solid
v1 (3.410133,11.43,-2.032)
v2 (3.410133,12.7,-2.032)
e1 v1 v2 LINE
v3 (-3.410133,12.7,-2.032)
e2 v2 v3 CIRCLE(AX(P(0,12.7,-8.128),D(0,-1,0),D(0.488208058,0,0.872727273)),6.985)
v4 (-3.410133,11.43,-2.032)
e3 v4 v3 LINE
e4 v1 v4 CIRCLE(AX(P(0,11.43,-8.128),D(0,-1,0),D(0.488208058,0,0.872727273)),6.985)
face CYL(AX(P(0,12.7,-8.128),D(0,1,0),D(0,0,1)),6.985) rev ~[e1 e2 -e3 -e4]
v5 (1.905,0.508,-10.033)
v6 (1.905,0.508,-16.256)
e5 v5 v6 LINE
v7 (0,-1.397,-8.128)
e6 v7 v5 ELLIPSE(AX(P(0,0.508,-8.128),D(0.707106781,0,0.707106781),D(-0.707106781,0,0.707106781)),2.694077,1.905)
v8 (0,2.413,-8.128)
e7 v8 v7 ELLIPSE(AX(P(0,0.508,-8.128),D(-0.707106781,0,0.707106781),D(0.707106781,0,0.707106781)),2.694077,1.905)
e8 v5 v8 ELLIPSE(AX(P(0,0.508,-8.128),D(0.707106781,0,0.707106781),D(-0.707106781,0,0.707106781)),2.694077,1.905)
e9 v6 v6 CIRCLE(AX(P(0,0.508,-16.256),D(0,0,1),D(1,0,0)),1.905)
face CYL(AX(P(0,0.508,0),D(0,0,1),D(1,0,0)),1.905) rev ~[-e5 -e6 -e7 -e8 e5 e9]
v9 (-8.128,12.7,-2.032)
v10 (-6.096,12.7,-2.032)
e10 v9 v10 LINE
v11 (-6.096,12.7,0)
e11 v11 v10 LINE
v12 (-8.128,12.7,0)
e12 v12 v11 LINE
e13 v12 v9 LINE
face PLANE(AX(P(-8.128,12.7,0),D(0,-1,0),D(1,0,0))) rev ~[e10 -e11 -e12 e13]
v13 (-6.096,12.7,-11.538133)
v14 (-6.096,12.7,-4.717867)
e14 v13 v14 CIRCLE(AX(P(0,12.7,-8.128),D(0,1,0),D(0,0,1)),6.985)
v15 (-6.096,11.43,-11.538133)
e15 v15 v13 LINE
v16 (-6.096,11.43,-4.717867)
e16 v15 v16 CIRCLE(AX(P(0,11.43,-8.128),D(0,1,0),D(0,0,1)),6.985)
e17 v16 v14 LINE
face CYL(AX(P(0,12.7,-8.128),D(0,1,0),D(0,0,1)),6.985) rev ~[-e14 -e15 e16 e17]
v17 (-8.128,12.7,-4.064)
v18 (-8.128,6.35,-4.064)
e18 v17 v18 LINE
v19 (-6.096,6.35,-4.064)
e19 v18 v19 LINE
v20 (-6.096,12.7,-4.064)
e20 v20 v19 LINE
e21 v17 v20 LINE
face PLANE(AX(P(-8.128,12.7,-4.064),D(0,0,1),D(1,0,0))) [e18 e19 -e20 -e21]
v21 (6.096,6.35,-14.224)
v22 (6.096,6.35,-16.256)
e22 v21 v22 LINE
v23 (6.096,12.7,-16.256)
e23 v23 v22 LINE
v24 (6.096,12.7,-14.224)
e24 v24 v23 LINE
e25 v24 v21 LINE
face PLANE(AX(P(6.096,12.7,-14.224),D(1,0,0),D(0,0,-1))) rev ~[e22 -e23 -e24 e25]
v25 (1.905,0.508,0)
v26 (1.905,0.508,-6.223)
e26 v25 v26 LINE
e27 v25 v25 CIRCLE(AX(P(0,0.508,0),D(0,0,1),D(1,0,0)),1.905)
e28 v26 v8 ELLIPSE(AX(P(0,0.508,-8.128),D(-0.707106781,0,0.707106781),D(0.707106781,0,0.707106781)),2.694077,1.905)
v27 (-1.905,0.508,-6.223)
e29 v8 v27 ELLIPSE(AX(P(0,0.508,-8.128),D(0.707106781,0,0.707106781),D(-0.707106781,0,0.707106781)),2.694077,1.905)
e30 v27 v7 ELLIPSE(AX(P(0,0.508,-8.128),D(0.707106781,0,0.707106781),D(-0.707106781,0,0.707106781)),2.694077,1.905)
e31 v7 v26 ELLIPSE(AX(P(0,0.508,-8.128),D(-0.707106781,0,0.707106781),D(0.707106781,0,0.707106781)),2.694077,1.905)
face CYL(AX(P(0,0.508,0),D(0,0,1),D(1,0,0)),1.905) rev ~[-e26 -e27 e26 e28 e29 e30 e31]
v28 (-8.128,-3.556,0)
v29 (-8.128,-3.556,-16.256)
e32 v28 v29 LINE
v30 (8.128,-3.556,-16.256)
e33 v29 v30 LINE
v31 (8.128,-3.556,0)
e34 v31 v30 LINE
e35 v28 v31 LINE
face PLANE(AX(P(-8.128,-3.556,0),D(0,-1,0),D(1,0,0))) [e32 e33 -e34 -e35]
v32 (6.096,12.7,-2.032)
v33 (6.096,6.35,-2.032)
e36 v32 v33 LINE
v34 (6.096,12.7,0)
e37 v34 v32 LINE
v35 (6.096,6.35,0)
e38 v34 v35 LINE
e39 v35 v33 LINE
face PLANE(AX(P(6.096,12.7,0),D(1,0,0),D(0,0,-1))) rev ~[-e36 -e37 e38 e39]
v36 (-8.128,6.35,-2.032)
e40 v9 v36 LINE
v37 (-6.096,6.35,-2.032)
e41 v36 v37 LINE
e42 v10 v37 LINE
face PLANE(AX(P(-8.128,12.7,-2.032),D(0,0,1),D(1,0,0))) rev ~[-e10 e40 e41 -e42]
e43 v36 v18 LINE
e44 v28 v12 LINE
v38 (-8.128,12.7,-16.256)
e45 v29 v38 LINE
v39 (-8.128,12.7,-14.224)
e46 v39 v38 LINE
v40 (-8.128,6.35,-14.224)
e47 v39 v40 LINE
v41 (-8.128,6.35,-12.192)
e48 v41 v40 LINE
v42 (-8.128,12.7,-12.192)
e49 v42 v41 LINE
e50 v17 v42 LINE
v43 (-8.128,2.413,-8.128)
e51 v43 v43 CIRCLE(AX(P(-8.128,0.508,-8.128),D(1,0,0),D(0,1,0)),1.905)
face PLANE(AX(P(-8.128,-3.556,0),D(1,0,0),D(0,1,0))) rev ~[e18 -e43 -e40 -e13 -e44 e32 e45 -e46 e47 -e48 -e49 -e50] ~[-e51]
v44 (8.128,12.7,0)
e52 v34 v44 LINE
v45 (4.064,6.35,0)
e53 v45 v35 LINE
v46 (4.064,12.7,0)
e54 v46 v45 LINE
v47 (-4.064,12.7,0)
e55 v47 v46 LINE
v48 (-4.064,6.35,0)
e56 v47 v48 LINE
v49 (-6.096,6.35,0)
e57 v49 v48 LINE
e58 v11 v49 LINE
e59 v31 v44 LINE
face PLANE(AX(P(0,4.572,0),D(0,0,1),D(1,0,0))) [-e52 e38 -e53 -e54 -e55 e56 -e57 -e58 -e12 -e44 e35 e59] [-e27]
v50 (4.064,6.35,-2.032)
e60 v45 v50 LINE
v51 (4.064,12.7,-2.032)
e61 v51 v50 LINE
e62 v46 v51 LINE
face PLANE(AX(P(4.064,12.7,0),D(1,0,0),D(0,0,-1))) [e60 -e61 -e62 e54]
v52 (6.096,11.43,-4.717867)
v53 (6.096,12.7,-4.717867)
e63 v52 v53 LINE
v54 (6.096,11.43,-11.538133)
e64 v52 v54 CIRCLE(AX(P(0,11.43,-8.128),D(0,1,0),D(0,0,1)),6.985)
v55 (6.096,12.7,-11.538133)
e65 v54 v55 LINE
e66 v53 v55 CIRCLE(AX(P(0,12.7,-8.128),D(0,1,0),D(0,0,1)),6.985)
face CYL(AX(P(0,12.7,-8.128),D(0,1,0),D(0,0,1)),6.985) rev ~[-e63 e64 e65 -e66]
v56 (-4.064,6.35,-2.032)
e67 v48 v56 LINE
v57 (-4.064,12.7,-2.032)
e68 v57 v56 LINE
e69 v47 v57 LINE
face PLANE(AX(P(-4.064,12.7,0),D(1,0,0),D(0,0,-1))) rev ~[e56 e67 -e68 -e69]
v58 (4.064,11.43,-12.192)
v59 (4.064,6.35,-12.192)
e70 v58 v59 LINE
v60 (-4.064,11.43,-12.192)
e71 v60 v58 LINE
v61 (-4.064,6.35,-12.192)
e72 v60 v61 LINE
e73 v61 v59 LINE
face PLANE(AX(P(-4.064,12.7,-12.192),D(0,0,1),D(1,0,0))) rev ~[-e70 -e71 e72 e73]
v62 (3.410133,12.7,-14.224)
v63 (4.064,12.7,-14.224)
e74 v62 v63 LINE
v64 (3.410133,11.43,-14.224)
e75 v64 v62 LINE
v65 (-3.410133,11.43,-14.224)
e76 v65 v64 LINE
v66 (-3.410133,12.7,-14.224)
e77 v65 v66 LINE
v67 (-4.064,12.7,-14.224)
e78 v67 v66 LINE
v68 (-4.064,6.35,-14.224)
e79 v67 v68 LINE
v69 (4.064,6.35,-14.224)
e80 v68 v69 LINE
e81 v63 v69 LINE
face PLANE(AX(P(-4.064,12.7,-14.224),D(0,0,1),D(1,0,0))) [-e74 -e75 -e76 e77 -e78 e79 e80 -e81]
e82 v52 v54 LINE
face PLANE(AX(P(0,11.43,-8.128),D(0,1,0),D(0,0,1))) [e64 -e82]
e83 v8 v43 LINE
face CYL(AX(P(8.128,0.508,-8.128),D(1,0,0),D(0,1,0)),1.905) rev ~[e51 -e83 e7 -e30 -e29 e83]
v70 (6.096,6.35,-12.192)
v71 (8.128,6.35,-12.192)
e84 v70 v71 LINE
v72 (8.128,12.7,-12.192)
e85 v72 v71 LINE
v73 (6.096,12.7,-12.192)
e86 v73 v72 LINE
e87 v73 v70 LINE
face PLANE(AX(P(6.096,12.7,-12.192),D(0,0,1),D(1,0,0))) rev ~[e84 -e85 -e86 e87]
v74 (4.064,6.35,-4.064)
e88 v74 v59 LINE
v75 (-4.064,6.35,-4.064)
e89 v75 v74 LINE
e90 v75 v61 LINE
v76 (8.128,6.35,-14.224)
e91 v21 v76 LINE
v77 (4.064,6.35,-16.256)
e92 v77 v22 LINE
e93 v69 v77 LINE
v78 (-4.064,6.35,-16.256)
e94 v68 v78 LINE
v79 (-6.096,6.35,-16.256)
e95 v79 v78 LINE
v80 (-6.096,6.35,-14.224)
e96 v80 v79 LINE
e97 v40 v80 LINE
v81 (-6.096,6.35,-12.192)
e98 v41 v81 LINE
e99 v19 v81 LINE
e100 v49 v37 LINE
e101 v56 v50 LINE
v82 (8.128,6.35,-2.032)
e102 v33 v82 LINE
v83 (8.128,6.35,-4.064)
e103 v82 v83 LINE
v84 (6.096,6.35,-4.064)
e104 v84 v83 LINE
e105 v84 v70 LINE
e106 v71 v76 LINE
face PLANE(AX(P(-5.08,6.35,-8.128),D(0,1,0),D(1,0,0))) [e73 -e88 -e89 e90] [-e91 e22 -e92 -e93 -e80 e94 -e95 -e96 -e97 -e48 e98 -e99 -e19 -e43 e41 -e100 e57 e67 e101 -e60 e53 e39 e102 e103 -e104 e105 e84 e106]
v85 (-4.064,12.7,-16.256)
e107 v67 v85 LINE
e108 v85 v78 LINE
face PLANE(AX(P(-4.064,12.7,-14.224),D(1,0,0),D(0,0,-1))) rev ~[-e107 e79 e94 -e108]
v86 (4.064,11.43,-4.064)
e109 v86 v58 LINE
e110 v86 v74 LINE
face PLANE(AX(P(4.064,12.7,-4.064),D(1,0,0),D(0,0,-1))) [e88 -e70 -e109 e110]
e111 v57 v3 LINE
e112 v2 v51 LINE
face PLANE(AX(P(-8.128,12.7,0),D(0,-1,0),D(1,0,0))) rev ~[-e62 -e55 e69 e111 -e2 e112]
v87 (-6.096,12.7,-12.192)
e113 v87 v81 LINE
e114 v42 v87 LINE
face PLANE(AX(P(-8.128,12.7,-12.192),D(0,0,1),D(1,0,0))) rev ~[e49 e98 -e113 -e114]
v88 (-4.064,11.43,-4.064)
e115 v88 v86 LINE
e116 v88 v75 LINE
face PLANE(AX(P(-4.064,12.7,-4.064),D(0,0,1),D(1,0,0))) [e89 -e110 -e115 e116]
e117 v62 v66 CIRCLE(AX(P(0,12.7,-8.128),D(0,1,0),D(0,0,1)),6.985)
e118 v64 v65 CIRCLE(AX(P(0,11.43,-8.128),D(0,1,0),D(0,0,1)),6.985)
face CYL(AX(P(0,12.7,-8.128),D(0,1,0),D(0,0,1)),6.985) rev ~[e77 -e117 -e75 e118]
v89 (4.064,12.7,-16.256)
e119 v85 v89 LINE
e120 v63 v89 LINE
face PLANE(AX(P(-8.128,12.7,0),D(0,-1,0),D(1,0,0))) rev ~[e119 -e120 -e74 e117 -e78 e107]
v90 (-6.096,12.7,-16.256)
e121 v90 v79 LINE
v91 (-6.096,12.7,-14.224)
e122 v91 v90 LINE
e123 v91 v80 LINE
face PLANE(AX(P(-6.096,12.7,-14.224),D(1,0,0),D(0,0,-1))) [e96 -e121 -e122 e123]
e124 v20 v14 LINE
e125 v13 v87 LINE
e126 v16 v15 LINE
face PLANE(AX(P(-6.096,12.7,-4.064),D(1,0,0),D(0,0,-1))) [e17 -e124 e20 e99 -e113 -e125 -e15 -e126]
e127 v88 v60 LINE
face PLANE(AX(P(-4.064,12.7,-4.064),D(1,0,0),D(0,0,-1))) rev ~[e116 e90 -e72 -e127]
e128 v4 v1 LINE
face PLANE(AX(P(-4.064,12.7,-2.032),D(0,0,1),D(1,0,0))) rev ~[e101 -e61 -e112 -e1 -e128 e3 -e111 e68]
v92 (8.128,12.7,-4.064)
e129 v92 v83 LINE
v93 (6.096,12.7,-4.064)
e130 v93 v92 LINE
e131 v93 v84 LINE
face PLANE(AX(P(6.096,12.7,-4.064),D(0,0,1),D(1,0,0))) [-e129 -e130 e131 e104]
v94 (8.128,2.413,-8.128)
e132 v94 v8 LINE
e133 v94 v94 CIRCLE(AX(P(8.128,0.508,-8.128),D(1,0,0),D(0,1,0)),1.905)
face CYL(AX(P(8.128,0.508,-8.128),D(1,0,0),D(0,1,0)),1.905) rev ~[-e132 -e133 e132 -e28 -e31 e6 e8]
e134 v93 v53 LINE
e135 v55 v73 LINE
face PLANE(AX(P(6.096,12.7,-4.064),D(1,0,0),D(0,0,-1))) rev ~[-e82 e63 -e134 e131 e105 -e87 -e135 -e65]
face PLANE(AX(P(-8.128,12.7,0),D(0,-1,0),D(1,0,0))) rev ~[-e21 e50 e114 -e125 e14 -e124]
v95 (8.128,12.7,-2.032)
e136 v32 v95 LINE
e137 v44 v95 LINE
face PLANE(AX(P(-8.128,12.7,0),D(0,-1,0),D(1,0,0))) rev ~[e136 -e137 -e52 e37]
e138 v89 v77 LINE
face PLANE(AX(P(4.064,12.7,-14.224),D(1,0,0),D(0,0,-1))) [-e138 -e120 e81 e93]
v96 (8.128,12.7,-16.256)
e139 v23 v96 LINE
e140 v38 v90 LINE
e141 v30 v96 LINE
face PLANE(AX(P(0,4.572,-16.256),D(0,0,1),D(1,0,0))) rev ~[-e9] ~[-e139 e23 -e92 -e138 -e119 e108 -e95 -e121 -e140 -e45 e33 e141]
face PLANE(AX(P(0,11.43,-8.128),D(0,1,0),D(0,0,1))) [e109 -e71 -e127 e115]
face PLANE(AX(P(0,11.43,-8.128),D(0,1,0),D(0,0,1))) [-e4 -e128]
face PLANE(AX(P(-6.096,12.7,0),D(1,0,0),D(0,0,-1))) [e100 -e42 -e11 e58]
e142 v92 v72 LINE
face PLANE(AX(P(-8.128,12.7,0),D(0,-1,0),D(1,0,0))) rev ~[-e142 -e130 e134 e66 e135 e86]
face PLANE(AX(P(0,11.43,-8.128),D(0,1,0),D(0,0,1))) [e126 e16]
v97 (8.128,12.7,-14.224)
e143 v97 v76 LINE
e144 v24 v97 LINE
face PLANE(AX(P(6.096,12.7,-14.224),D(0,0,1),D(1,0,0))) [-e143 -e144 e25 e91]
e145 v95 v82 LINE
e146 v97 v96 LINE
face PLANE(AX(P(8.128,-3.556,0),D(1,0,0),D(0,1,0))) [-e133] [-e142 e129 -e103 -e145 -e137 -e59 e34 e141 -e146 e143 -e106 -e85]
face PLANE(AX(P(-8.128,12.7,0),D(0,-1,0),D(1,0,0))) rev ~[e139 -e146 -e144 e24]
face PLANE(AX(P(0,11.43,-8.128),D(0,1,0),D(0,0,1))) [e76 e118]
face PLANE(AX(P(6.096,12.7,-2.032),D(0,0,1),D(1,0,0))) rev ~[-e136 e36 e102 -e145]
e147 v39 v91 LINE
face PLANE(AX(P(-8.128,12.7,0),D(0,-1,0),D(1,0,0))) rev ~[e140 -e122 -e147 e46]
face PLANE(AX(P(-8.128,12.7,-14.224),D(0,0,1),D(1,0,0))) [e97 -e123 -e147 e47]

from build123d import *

# Parameters (mm, degrees)
SKETCH2_W           = 16.256
SKETCH2_H           = 16.256
BOSS_EXTRUDE1_DEPTH = 16.256
SKETCH3_R           = 6.985
CUT_EXTRUDE1_DEPTH  = 1.27
SKETCH4_W           = 2.032
SKETCH4_H           = 16.256
SKETCH4_W_2         = 16.256
SKETCH4_H_2         = 2.032
CUT_EXTRUDE3_DEPTH  = 6.35
SKETCH7_R           = 1.905
CUT_EXTRUDE5_DEPTH  = 23.172323288
SKETCH8_R           = 1.905
CUT_EXTRUDE6_DEPTH  = 27.26414042


with BuildPart() as part:
    # Sketch2 → Boss-Extrude1 (new body)
    with BuildSketch(Plane.XY):
        with Locations((0, 4.572)):
            Rectangle(SKETCH2_W, SKETCH2_H)
    extrude(amount=-BOSS_EXTRUDE1_DEPTH)

    # Sketch3 → Cut-Extrude1 (cut)
    with BuildSketch(Plane(origin=(0, 12.7, 0), x_dir=(1, 0, 0), z_dir=(0, 1, 0))):
        with Locations(Location((0, 8.128, 0), (0, 0, 270))):
            Circle(SKETCH3_R)
    extrude(amount=-CUT_EXTRUDE1_DEPTH, mode=Mode.SUBTRACT)

    # Sketch4 → Cut-Extrude3 (cut)
    with BuildSketch(Plane(origin=(0, 12.7, 0), x_dir=(1, 0, 0), z_dir=(0, 1, 0))):
        with Locations((-5.08, 8.128)):
            Rectangle(SKETCH4_W, SKETCH4_H)
        with Locations((5.08, 8.128)):
            Rectangle(SKETCH4_W, SKETCH4_H)
        with Locations((0, 13.208)):
            Rectangle(SKETCH4_W_2, SKETCH4_H_2)
        with Locations((0, 3.048)):
            Rectangle(SKETCH4_W_2, SKETCH4_H_2)
    extrude(amount=-CUT_EXTRUDE3_DEPTH, mode=Mode.SUBTRACT)

    # Sketch7 → Cut-Extrude5 (cut, through all)
    with BuildSketch(Plane.XY):
        with Locations((0, 0.508)):
            Circle(SKETCH7_R)
    extrude(amount=-CUT_EXTRUDE5_DEPTH, mode=Mode.SUBTRACT)

    # Sketch8 → Cut-Extrude6 (cut, through all)
    with BuildSketch(Plane(origin=(8.128, 0, 0), x_dir=(0, 0, -1), z_dir=(1, 0, 0))):
        with Locations(Location((8.128, 0.508, 0), (0, 0, 90))):
            Circle(SKETCH8_R)
    extrude(amount=-CUT_EXTRUDE6_DEPTH, mode=Mode.SUBTRACT)


solid = part.part
